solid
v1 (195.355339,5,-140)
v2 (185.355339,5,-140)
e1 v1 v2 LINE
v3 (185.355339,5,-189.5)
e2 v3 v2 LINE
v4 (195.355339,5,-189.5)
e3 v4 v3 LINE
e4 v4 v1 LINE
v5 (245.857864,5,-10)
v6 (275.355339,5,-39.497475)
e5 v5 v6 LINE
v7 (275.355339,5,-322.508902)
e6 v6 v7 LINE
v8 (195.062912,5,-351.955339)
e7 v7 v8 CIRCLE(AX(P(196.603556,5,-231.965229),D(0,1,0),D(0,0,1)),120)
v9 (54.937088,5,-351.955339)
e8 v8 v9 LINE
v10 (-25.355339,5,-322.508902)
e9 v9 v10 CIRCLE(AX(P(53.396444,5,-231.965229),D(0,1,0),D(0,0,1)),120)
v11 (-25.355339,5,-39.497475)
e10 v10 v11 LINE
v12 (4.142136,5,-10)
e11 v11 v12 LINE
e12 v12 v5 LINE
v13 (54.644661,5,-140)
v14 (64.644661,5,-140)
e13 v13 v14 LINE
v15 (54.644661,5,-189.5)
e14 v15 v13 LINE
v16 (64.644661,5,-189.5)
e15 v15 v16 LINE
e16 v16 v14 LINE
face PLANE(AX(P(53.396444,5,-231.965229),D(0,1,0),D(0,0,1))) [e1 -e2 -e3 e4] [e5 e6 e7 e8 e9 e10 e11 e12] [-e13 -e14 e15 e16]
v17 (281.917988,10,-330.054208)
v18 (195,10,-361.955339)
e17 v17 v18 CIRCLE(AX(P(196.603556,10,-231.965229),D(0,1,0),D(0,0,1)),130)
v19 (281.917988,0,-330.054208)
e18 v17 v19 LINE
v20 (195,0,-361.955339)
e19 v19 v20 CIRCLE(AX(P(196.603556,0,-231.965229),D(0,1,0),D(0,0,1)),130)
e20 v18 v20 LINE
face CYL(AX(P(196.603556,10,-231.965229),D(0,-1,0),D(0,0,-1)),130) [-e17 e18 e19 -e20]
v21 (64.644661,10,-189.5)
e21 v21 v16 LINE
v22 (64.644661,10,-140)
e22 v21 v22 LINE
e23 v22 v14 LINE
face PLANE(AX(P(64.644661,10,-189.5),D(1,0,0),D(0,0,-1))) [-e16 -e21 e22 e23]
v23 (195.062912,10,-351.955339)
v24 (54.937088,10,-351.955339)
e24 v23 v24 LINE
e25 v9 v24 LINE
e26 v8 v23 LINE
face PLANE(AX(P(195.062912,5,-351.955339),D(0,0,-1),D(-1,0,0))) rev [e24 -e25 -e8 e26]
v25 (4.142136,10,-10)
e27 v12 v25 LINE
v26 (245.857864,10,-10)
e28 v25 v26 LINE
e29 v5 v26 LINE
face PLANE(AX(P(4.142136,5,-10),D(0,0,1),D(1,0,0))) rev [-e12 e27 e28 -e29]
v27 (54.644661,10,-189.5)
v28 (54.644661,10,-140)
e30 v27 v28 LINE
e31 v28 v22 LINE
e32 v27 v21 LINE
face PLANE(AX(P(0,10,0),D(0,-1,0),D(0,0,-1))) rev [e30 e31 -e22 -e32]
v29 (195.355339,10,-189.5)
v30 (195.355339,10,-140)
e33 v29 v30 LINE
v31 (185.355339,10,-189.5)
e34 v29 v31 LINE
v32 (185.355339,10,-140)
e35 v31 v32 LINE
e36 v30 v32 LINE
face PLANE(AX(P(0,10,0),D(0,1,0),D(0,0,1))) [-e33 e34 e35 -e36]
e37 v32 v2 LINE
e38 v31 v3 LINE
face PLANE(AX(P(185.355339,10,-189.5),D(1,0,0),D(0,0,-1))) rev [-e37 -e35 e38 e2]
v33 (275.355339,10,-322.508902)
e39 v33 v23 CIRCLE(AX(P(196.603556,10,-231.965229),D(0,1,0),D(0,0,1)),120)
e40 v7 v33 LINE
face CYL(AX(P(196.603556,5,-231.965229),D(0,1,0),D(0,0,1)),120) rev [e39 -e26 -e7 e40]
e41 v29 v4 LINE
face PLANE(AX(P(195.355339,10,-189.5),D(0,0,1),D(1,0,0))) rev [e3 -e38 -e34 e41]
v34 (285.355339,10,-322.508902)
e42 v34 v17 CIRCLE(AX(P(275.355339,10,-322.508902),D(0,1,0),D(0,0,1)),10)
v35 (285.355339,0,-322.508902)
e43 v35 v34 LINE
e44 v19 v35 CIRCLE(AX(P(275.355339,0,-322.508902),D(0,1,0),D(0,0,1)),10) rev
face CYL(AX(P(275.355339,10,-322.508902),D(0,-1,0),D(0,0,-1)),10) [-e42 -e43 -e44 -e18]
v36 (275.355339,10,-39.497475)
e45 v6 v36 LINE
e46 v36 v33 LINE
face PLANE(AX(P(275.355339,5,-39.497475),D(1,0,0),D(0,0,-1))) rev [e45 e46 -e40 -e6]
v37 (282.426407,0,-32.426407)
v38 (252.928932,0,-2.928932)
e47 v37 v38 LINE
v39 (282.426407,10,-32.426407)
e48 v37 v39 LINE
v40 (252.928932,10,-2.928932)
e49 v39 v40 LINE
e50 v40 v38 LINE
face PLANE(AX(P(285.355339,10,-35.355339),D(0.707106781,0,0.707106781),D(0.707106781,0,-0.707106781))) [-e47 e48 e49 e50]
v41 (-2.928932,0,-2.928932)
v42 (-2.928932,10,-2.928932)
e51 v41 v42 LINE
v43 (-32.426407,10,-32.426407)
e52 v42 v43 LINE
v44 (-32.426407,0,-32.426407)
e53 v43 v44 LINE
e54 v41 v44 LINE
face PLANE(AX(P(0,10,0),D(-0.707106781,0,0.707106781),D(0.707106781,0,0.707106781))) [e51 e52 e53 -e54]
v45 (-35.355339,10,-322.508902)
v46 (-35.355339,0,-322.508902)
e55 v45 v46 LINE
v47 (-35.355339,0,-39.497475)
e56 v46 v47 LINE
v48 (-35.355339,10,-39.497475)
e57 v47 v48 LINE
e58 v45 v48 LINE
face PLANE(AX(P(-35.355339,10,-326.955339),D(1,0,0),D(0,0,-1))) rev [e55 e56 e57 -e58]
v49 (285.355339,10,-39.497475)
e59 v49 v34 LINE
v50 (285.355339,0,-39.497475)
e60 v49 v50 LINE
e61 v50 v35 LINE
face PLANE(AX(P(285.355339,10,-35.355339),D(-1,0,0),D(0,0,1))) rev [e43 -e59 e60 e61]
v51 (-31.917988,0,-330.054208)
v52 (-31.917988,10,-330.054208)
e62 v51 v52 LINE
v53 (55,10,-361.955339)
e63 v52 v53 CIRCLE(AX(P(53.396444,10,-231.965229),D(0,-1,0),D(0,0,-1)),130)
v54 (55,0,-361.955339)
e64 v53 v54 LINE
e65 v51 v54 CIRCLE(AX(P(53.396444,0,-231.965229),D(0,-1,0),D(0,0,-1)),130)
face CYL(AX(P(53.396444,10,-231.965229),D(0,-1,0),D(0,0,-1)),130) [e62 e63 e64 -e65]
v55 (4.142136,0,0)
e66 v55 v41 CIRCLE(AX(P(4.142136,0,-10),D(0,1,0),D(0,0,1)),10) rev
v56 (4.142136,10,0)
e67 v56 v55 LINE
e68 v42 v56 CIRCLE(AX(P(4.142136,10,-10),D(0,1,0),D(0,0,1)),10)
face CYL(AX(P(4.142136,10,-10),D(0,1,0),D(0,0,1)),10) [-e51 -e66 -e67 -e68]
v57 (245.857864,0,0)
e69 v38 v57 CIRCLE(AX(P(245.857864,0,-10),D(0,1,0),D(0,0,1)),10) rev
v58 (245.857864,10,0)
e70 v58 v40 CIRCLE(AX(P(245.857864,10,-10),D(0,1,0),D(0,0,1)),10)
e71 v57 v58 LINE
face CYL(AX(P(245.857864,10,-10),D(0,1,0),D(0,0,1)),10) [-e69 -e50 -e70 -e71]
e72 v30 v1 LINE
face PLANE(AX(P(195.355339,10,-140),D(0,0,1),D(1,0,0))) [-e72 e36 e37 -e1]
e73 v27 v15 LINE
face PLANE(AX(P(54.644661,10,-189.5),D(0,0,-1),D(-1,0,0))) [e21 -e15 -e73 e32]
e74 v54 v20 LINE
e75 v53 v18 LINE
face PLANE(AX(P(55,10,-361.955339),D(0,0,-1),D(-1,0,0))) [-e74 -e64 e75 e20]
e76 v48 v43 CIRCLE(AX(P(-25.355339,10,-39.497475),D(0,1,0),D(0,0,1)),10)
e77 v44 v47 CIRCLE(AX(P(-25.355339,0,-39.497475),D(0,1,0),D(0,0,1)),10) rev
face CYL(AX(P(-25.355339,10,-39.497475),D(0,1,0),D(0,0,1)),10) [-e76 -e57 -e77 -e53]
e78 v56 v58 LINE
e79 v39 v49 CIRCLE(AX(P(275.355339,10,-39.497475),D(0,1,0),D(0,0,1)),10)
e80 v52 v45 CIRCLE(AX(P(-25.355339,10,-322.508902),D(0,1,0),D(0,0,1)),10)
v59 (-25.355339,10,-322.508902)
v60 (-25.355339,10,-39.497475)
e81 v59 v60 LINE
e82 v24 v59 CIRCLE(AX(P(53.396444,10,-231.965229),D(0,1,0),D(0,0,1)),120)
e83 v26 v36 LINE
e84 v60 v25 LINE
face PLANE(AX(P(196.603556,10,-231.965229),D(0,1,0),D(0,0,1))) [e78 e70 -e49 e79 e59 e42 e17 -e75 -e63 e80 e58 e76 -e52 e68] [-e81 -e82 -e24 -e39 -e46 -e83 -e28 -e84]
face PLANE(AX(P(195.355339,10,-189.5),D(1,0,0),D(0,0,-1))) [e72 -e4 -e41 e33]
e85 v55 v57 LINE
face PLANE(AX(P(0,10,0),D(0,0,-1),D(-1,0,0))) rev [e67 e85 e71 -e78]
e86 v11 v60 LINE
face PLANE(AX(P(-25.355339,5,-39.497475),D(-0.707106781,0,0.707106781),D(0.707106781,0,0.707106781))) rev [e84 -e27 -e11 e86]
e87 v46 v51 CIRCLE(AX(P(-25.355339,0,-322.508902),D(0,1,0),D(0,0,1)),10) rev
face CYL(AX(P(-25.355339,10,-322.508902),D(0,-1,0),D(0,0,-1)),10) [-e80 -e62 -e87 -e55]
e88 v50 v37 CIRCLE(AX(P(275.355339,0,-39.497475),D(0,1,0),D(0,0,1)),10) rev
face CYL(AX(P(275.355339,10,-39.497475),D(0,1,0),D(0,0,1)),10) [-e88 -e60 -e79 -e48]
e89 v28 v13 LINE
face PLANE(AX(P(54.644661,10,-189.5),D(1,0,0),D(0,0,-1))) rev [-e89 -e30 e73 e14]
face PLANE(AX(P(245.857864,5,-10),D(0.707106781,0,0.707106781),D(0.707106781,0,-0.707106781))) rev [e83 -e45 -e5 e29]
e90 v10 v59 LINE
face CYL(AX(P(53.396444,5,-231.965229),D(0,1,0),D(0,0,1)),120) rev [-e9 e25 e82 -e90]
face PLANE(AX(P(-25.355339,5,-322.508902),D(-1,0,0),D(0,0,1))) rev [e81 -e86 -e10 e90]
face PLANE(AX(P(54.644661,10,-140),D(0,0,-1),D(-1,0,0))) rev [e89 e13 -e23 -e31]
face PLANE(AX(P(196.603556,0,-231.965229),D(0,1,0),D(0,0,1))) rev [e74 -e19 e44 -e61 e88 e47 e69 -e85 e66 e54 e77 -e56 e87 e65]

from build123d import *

# Parameters (mm, degrees)
BODY_DEPTH                   = 10
INSIDE_BODY_DEPTH            = 5
SKETCH3_W                    = 10
SKETCH3_H                    = 49.5
HORIZONTAL_CONSTRAINTS_DEPTH = 5
FILLET1_R                    = 10


with BuildPart() as part:
    # Sketch1 → Body (new body)
    with BuildSketch(Plane(origin=(0, 0, 0), x_dir=(1, 0, 0), z_dir=(0, 1, 0))):
        with BuildLine():
            Line((0, 0), (250, 0))
            Line((250, 0), (285.355339059, 35.355339059))
            Line((285.355339059, 35.355339059), (285.355339059, 326.955339059))
            ThreePointArc((285.355339059, 326.955339059), (243.560486982, 353.188356712), (195, 361.955339059))
            Line((195, 361.955339059), (55, 361.955339059))
            ThreePointArc((55, 361.955339059), (6.439513018, 353.188356712), (-35.355339059, 326.955339059))
            Line((-35.355339059, 326.955339059), (-35.355339059, 35.355339059))
            Line((-35.355339059, 35.355339059), (0, 0))
        make_face()
    extrude(amount=BODY_DEPTH)

    # Sketch2 → Inside Body (cut)
    with BuildSketch(Plane(origin=(0, 10, 0), x_dir=(1, 0, 0), z_dir=(0, 1, 0))):
        with BuildLine():
            Line((-25.355339059, 322.508901748), (-25.355339059, 39.497474683))
            Line((-25.355339059, 39.497474683), (4.142135624, 10))
            Line((4.142135624, 10), (245.857864376, 10))
            Line((245.857864376, 10), (275.355339059, 39.497474683))
            Line((275.355339059, 39.497474683), (275.355339059, 322.508901748))
            ThreePointArc((275.355339059, 322.508901748), (237.921386907, 344.627720124), (195.062911656, 351.955339059))
            Line((195.062911656, 351.955339059), (54.937088344, 351.955339059))
            ThreePointArc((54.937088344, 351.955339059), (12.078613093, 344.627720124), (-25.355339059, 322.508901748))
        make_face()
    extrude(amount=-INSIDE_BODY_DEPTH, mode=Mode.SUBTRACT)

    # Sketch3 → Horizontal Constraints (add)
    with BuildSketch(Plane(origin=(0, 5, 0), x_dir=(1, 0, 0), z_dir=(0, 1, 0))):
        with Locations((59.644660941, 164.75)):
            Rectangle(SKETCH3_W, SKETCH3_H)
        with Locations((190.355339059, 164.75)):
            Rectangle(SKETCH3_W, SKETCH3_H)
    extrude(amount=HORIZONTAL_CONSTRAINTS_DEPTH)

    # Fillet1
    fillet1_edges = [part.edges().sort_by_distance(p)[0] for p in [
        (-35.355339059, 5, -326.955339059),
        (285.355339059, 5, -326.955339059),
        (285.355339059, 5, -35.355339059),
        (250, 5, 0),
        (0, 5, 0),
        (-35.355339059, 5, -35.355339059),
    ]]
    fillet(fillet1_edges, radius=FILLET1_R)


solid = part.part
